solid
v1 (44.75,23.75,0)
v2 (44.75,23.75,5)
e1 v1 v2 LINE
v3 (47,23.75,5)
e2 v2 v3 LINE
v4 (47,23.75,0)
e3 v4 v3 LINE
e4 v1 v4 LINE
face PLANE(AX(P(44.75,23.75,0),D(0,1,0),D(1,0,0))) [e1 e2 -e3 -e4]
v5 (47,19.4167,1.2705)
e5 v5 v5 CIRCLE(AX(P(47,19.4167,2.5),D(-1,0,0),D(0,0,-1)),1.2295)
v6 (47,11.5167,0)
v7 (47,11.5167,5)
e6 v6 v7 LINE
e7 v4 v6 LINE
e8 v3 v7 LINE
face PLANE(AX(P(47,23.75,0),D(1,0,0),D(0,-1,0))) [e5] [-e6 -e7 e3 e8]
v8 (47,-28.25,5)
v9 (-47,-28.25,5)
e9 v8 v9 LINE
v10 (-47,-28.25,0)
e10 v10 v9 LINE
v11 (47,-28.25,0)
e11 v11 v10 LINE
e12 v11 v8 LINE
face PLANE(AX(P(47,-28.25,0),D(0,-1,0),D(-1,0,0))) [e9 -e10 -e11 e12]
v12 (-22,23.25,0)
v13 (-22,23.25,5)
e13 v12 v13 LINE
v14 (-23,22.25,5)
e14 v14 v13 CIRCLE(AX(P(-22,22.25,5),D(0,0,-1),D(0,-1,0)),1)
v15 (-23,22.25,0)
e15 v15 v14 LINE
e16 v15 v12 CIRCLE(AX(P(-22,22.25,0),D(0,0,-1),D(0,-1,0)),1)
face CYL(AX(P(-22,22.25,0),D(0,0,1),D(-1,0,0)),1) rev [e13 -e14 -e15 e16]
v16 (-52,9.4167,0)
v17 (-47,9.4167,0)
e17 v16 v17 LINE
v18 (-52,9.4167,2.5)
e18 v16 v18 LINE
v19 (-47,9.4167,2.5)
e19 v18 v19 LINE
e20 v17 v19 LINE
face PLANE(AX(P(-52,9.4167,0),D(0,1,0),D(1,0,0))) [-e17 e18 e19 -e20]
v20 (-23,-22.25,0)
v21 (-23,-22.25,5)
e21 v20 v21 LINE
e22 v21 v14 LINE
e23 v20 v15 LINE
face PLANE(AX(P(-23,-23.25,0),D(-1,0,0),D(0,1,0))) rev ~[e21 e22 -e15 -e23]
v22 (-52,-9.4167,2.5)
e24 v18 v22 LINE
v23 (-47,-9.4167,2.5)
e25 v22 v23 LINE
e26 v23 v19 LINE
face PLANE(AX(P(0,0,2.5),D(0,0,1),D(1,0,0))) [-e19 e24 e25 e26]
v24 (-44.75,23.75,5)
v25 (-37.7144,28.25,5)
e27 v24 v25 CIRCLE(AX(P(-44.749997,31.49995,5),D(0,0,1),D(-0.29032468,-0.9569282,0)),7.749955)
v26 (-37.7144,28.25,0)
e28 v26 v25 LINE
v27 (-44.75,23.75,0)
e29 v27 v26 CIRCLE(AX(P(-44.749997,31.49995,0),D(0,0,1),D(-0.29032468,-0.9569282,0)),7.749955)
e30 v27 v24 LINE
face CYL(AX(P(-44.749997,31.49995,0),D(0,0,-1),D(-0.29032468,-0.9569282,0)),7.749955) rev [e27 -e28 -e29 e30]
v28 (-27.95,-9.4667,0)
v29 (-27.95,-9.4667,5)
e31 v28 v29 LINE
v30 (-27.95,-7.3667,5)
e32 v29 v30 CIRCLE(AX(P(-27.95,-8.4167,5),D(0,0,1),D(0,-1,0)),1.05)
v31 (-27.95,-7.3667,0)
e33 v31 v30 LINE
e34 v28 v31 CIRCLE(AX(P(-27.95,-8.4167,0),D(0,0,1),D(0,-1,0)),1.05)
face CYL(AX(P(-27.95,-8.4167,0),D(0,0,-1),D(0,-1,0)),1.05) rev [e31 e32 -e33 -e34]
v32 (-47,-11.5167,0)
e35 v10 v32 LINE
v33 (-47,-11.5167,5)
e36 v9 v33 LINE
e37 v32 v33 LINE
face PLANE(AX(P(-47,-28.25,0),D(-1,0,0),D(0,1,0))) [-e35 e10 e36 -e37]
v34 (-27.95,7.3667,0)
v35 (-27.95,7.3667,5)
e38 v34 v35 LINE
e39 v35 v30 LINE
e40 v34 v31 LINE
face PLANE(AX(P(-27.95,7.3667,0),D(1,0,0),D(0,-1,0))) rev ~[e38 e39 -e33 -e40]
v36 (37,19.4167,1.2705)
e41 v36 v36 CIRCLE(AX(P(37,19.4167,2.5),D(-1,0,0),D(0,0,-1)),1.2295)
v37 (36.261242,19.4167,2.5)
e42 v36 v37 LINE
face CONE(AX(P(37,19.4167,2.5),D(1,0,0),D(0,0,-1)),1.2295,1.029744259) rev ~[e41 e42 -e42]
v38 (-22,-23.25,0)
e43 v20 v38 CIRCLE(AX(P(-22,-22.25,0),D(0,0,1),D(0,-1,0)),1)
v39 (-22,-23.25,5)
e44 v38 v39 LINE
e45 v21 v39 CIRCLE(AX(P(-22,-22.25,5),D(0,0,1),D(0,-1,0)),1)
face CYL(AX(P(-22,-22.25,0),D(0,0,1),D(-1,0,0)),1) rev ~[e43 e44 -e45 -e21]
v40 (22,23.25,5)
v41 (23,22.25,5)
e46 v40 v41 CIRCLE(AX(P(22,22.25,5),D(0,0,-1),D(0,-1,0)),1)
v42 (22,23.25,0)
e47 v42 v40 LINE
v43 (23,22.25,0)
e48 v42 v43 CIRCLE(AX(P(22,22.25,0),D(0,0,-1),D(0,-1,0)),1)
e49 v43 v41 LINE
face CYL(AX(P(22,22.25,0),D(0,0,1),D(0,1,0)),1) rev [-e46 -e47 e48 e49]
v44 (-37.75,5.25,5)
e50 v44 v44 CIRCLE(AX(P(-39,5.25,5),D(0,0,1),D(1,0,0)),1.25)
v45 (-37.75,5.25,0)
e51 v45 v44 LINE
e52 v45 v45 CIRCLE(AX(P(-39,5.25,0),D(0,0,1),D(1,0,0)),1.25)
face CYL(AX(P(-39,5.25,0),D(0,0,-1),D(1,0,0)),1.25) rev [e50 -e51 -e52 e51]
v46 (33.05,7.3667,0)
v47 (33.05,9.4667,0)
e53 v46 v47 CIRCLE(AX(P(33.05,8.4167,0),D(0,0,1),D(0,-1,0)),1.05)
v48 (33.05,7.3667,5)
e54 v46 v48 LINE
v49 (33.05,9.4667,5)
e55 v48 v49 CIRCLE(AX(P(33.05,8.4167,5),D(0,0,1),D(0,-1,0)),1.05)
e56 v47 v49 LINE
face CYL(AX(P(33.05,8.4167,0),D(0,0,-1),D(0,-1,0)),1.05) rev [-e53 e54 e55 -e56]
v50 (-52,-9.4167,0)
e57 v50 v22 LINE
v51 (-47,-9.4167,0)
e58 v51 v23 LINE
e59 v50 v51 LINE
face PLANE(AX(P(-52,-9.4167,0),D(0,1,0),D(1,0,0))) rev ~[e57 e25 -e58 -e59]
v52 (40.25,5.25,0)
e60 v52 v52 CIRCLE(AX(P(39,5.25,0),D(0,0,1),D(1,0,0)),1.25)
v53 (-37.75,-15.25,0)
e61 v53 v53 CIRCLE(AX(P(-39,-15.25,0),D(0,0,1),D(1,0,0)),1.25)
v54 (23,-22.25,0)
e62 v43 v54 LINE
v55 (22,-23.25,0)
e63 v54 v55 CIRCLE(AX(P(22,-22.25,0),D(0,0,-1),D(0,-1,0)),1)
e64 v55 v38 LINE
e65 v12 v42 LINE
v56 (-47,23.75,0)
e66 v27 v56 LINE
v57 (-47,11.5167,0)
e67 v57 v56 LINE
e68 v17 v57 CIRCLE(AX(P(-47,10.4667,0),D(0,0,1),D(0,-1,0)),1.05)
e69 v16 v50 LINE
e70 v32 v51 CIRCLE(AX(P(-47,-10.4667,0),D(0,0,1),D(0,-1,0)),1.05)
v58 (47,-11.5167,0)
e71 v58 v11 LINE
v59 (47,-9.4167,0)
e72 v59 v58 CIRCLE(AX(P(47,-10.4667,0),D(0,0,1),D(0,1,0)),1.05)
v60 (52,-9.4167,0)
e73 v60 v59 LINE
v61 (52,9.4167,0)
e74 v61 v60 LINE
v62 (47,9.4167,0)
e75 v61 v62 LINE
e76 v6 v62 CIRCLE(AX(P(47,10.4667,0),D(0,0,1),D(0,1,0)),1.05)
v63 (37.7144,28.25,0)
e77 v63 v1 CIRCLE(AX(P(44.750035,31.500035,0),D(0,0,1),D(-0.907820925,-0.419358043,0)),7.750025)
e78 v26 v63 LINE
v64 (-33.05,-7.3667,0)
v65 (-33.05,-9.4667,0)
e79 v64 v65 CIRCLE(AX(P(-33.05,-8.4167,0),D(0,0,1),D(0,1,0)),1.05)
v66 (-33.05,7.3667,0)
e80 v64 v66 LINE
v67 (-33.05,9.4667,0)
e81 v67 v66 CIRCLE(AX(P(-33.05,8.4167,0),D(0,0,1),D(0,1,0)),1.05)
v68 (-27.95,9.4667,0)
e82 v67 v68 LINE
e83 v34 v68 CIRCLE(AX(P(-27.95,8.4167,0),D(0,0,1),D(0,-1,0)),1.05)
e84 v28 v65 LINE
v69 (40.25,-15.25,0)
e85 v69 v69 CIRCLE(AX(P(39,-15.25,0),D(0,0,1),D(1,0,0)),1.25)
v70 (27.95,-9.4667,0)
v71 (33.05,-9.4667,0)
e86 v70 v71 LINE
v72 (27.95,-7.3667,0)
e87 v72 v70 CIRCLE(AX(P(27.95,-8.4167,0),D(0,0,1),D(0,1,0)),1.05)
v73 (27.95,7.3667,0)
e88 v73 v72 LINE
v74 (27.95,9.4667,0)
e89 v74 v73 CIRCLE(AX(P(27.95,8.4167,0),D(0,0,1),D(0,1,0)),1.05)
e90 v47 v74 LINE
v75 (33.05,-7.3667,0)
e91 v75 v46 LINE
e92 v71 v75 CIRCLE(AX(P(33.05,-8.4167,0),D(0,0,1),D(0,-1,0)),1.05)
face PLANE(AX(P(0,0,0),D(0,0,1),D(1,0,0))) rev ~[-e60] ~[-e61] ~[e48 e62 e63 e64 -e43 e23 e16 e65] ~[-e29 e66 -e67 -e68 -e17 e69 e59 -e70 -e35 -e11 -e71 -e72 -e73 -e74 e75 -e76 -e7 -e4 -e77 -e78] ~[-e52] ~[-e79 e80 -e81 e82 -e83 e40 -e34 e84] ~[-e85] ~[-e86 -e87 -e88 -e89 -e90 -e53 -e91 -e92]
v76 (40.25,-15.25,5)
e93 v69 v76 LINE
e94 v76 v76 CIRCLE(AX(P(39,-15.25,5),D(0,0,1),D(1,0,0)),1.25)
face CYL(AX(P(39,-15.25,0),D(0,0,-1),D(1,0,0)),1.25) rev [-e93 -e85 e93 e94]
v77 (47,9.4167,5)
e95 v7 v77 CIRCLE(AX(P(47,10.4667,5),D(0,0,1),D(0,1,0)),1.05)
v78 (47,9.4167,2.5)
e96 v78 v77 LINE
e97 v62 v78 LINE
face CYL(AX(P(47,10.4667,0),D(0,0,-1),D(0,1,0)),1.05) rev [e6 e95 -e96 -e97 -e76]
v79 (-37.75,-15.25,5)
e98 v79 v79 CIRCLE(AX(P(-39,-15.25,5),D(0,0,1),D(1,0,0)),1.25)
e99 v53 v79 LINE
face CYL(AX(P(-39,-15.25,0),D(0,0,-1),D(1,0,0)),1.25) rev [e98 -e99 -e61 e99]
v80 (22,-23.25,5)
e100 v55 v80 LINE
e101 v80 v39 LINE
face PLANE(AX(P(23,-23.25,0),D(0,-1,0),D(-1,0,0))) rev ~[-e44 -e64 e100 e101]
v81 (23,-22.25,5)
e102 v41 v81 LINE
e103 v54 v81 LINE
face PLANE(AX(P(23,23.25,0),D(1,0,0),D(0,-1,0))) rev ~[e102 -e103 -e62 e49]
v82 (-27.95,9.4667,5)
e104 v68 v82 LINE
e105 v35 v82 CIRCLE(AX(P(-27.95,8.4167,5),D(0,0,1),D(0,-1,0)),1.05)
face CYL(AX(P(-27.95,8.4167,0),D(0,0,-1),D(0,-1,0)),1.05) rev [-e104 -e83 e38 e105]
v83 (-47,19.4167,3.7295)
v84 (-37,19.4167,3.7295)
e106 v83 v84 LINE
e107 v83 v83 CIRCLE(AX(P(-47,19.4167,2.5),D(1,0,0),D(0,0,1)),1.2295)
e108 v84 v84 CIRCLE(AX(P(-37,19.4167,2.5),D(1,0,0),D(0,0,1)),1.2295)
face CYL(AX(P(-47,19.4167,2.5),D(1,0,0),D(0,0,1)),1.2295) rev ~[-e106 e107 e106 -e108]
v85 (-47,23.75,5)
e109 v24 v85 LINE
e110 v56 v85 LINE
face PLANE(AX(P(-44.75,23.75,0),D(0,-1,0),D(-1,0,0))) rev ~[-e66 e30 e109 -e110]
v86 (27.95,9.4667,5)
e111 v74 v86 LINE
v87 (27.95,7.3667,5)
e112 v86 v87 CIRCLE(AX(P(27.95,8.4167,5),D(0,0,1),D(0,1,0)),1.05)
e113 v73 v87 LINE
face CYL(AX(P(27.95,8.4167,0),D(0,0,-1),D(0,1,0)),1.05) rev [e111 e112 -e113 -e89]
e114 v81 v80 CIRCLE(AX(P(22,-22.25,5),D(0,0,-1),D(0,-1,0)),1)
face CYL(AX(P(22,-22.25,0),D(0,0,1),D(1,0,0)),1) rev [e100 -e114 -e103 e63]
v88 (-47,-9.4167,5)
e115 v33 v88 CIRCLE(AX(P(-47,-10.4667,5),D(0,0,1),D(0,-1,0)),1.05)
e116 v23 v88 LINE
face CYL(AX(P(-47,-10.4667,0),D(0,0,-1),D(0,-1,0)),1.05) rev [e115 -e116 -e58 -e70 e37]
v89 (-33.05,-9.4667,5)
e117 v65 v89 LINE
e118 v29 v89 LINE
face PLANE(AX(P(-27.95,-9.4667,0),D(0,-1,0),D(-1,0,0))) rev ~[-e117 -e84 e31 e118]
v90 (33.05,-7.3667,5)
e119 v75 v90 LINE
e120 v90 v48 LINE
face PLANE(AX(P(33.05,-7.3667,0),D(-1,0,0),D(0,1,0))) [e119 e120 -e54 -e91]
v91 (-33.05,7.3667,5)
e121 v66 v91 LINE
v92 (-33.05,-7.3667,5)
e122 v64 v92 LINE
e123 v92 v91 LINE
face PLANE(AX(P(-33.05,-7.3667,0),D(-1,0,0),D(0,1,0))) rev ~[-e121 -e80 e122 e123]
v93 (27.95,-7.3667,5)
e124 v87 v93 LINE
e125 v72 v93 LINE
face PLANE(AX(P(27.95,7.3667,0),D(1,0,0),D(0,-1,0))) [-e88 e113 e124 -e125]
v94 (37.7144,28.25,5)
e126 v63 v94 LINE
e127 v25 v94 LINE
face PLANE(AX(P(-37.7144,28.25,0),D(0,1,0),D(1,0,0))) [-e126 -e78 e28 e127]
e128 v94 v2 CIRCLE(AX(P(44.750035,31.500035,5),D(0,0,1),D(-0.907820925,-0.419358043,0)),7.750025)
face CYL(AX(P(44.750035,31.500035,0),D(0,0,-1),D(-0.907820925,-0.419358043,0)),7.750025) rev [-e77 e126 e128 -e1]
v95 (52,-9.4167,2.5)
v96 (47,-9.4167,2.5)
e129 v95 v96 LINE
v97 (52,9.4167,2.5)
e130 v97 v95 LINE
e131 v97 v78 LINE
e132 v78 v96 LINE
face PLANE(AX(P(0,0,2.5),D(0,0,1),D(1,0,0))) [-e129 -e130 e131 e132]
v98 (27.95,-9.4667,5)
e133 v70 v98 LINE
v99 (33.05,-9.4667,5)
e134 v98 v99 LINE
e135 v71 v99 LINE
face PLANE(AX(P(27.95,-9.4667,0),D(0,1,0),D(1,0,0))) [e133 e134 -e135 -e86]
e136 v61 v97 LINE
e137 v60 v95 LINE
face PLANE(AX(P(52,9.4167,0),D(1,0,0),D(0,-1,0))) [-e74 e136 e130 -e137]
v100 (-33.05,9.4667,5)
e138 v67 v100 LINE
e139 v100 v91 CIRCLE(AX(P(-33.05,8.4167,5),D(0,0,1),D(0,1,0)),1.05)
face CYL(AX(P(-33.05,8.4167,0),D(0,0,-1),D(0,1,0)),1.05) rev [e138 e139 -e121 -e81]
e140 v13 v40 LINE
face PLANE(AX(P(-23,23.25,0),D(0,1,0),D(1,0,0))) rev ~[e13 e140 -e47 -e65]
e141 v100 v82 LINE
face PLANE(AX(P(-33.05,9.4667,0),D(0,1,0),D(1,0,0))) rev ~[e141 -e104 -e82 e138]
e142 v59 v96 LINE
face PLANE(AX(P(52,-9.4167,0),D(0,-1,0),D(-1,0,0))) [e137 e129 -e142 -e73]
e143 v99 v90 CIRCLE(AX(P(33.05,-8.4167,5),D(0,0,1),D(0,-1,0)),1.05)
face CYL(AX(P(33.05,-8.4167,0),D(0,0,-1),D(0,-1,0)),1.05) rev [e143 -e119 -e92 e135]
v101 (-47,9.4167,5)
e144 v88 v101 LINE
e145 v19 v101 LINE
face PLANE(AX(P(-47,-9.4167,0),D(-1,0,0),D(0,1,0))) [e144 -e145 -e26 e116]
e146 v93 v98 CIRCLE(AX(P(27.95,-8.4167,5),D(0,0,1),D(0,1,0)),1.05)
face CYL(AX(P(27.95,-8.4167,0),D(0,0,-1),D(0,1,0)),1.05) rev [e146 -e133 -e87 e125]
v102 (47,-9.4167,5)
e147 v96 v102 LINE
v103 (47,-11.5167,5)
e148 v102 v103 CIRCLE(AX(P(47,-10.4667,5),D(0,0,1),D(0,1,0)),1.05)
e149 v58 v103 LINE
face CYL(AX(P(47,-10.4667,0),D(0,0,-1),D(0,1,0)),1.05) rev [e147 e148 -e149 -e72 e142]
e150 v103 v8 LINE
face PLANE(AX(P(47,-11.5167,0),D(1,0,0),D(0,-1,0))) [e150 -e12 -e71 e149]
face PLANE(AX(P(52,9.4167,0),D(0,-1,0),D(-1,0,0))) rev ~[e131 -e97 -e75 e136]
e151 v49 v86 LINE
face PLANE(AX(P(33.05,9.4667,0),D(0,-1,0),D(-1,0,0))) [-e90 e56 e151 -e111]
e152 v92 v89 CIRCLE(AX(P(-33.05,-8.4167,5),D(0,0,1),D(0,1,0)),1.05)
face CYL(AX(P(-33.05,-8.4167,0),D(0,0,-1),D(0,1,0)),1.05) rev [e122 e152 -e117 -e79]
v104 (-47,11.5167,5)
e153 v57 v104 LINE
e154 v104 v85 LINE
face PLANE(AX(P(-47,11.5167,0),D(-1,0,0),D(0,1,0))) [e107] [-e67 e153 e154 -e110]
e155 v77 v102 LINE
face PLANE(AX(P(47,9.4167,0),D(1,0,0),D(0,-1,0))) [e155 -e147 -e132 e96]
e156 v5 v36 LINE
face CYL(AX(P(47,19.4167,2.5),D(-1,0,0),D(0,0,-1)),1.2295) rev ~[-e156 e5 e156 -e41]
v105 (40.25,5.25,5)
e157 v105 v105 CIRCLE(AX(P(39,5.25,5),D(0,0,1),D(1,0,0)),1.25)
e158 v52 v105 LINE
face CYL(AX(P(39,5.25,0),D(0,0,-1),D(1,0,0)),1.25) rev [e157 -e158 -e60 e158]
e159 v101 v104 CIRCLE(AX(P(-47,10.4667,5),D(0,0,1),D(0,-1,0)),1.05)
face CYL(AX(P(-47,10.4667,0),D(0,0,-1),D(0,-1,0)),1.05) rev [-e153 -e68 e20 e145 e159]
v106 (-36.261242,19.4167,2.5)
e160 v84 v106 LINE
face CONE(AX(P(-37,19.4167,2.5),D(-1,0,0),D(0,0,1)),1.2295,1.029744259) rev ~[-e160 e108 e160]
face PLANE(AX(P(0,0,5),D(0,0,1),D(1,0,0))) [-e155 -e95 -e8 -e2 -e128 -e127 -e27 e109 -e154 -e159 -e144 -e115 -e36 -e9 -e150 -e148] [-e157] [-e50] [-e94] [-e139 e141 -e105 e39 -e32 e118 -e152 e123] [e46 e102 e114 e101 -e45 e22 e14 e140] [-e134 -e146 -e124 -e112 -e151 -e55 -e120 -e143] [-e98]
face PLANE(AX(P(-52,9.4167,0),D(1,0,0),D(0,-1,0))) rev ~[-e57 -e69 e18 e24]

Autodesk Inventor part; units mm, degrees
ref_plane "YZ Plane" through (0, 0, 0) normal (1, 0, 0) x (0, 1, 0)
ref_plane "XZ Plane" through (0, 0, 0) normal (0, 1, 0) x (-1, 0, 0)
ref_plane "XY Plane" through (0, 0, 0) normal (0, 0, 1) x (1, 0, 0)
sketch "スケッチ1" plane through (0, 0, 0) normal (0, 0, 1) x (1, 0, 0)
  line L0 (-47, 28.25) -> (-37.7144, 28.25)
  line L1 (47, 28.25) -> (47, 23.75)
  line L2 (47, -28.25) -> (-47, -28.25)
  line L3 (-47, -28.25) -> (-47, -11.5167)
  line L4 (-47, 28.25) -> (47, -28.25) construction
  line L5 (47, 28.25) -> (-47, -28.25) construction
  line L6 (0, 28.25) -> (0, -28.25) construction
  line L7 (-33, 9.4167) -> (-28, 9.4167) construction
  line L8 (-28, 9.4167) -> (-28, -9.4167) construction
  line L9 (-28, -9.4167) -> (-33, -9.4167) construction
  line L10 (-33, -9.4167) -> (-33, 9.4167) construction
  line L11 (-33, 9.4167) -> (-28, -9.4167) construction
  line L12 (-28, 9.4167) -> (-33, -9.4167) construction
  line L13 (-33.05, 9.4667) -> (-27.95, 9.4667)
  line L14 (-27.95, 9.4667) -> (-27.95, 7.3667) construction
  line L15 (-27.95, -9.4667) -> (-33.05, -9.4667)
  line L16 (-33.05, -9.4667) -> (-33.05, -7.3667) construction
  line L17 (-33.05, 9.4667) -> (-27.95, -9.4667) construction
  line L18 (-27.95, 9.4667) -> (-33.05, -9.4667) construction
  arc A0 (-33.05, 9.4667) -> (-33.05, 7.3667) centre (-33.05, 8.4167) ccw
  line L19 (-30.5, 9.4667) -> (-30.5, -9.4667) construction
  arc A1 (-27.95, 7.3667) -> (-27.95, 9.4667) centre (-27.95, 8.4167) ccw
  line L20 (-33.05, 7.3667) -> (-33.05, 9.4667) construction
  line L21 (-27.95, 7.3667) -> (-27.95, -7.3667)
  line L22 (-33.05, -7.3667) -> (-33.05, 7.3667)
  line L23 (-27.95, -7.3667) -> (-27.95, -9.4667) construction
  line L24 (33, 9.4167) -> (28, 9.4167) construction
  line L25 (28, 9.4167) -> (28, -9.4167) construction
  line L26 (28, -9.4167) -> (33, -9.4167) construction
  line L27 (33, -9.4167) -> (33, 9.4167) construction
  line L28 (33, 9.4167) -> (28, -9.4167) construction
  line L29 (28, 9.4167) -> (33, -9.4167) construction
  line L30 (33.05, 9.4667) -> (27.95, 9.4667)
  line L31 (27.95, 9.4667) -> (27.95, 7.3667) construction
  line L32 (27.95, -9.4667) -> (33.05, -9.4667)
  line L33 (33.05, -9.4667) -> (33.05, -7.3667) construction
  line L34 (33.05, 9.4667) -> (27.95, -9.4667) construction
  line L35 (27.95, 9.4667) -> (33.05, -9.4667) construction
  arc A2 (33.05, 7.3667) -> (33.05, 9.4667) centre (33.05, 8.4167) ccw
  line L36 (30.5, 9.4667) -> (30.5, -9.4667) construction
  arc A3 (27.95, 9.4667) -> (27.95, 7.3667) centre (27.95, 8.4167) ccw
  line L37 (33.05, 7.3667) -> (33.05, 9.4667) construction
  line L38 (27.95, 7.3667) -> (27.95, -7.3667)
  line L39 (33.05, -7.3667) -> (33.05, 7.3667)
  line L40 (27.95, -7.3667) -> (27.95, -9.4667) construction
  line L41 (-52, 9.4167) -> (-52, -9.4167)
  line L42 (-52, 9.4167) -> (-47, 9.4167)
  arc A4 (-47, 9.4167) -> (-47, 11.5167) centre (-47, 10.4667) ccw
  line L43 (-47, 11.5167) -> (-47, 23.75)
  line L44 (-47, -11.5167) -> (-47, 11.5167)
  line L45 (52, 9.4167) -> (52, -9.4167)
  line L46 (52, 9.4167) -> (47, 9.4167)
  arc A5 (47, 11.5167) -> (47, 9.4167) centre (47, 10.4667) ccw
  line L47 (47, 11.5167) -> (47, -11.5167)
  line L48 (47, -11.5167) -> (47, -28.25)
  line L49 (-52, 0) -> (52, 0) construction
  line L50 (-52, -9.4167) -> (-47, -9.4167)
  arc A6 (-47, -11.5167) -> (-47, -9.4167) centre (-47, -10.4667) ccw
  arc A7 (47, -9.4167) -> (47, -11.5167) centre (47, -10.4667) ccw
  line L51 (52, -9.4167) -> (47, -9.4167)
  line L52 (-33.05, 0) -> (-27.95, 0) construction
  arc A8 (-33.05, -7.3667) -> (-33.05, -9.4667) centre (-33.05, -8.4167) ccw
  arc A9 (-27.95, -9.4667) -> (-27.95, -7.3667) centre (-27.95, -8.4167) ccw
  arc A10 (27.95, -7.3667) -> (27.95, -9.4667) centre (27.95, -8.4167) ccw
  arc A11 (33.05, -9.4667) -> (33.05, -7.3667) centre (33.05, -8.4167) ccw
  arc A12 (-47, 24.0838) -> (-37.7144, 28.25) centre (-44.75, 31.5) ccw
  arc A13 (37.7144, 28.25) -> (47, 24.0838) centre (44.75, 31.5) ccw
  line L53 (-47, 24.0838) -> (-47, 28.25)
  line L54 (-37.7144, 28.25) -> (47, 28.25)
  arc A14 (-37.7144, 28.25) -> (-47, 24.0838) centre (-44.75, 31.5) ccw
  arc A15 (47, 24.0838) -> (37.7144, 28.25) centre (44.75, 31.5) ccw
  line L55 (-44.75, 23.75) -> (-47, 23.75)
  line L56 (44.75, 23.75) -> (47, 23.75)
  line L57 (-47, 23.75) -> (-47, 24.0838)
  line L58 (47, 23.75) -> (47, 11.5167)
  line L59 (-23, 23.25) -> (23, 23.25)
  line L60 (23, 23.25) -> (23, -23.25)
  line L61 (23, -23.25) -> (-23, -23.25)
  line L62 (-23, -23.25) -> (-23, 23.25)
  line L63 (-23, 23.25) -> (23, -23.25) construction
  line L64 (23, 23.25) -> (-23, -23.25) construction
  line L65 (-42, 8.25) -> (42, 8.25) construction
  line L66 (42, 8.25) -> (42, -18.25) construction
  line L67 (42, -18.25) -> (-42, -18.25) construction
  line L68 (-42, -18.25) -> (-42, 8.25) construction
  line L69 (-42, 8.25) -> (42, -18.25) construction
  line L70 (42, 8.25) -> (-42, -18.25) construction
  circle A16 centre (-39, 5.25) radius 1.25
  line L71 (-42, -5) -> (42, -5) construction
  circle A17 centre (-39, -15.25) radius 1.25
  circle A18 centre (39, 5.25) radius 1.25
  circle A19 centre (39, -15.25) radius 1.25
  point P0 (0, 0)
  point P1 (-30.5, 0)
  point P2 (30.5, 0)
  point P3 (0, 0)
  point P4 (-30.5, 0)
  point P5 (-30.5, 0)
  point P6 (0, 0)
  point P7 (0, 0)
  point P8 (47, 9.4167)
  point P9 (47, 9.4167)
  point P10 (0, -5)
  point P11 (0, -5)
  dimension "d0" = 94
  dimension "d1" = 56.5
  dimension "d2" = 5
  dimension "d3" = 18.8333
  dimension "d4" = 1.05
  dimension "d5" = 0.05
  dimension "d6" = 0.05
  dimension "d7" = 56
  dimension "d10" = 1.05
  dimension "d11" = 5
  dimension "d34" = 18.8333
  dimension "d40" = 31.5
  dimension "d41" = 89.5
  dimension "d42" = 15.5
  dimension "d43" = 52
  dimension "d60" = 5
  dimension "d63" = 5
  dimension "d69" = 5
  dimension "d70" = 20
  dimension "d71" = 10
  dimension "d72" = 84
  dimension "d73" = 26.5
  dimension "d78" = 2.5
  dimension "d80" = 3
  dimension "d81" = 3
extrude "押し出し1" add sketch "スケッチ1" along normal blind 5 contours L54 A13 L56 L58 A5 L47 A7 L48 L2 L3 A6 L44 A4 L43 L55 A12
extrude "押し出し2" add sketch "スケッチ1" along normal blind 2.5 contours L44 L50 L41 L42 | L46 L45 L51 L47
sketch "スケッチ2" plane through (47, 11.5167, 0) normal (1, 0, 0) x (0, 0, -1)
  line L0 (0, -23.0333) -> (-5, -23.0333) projected
  line L1 (-2.5, -23.0333) -> (-2.5, -39.7667)
  line L2 (0, -39.7667) -> (-5, -39.7667) projected
  line L3 (0, -2.1) -> (-2.5, -2.1) projected
  line L4 (0, -20.9333) -> (-2.5, -20.9333) projected
  point P0 (0, -11.5167)
  point P1 (-2.5, 7.9)
  dimension "d67" = 10
hole "穴1" at (47, 19.4167, 2.5) direction (-1, 0, 0) diameter 2.459 depth 10 tip angle 118 thread size "M3x0.5" class "6H" standard "ANSI Metric M Profile"
sketch "スケッチ3" plane through (-47, 11.5167, 0) normal (-1, 0, 0) x (0, 0, 1)
  circle A0 centre (2.5, 7.9) radius 1.2295 projected
  circle A1 centre (2.5, -30.9333) radius 1.2295 projected
  point P0 (0, -11.5167)
  point P1 (2.5, 7.9)
hole "穴2" at (-47, 19.4167, 2.5) direction (1, 0, 0) diameter 2.459 depth 10 tip angle 118 thread size "M3x0.5" class "6H" standard "ANSI Metric M Profile"
fillet "フィレット1" radius 1 4 edges at (-23, 23.25, 2.5) (-23, -23.25, 2.5) (23, -23.25, 2.5) (23, 23.25, 2.5)
equation "\"d3\" = d34"
equation "\"d6\" = d5"
equation "\"d10\" = d4"
properties part number "Cockpit_horizontal_frame_04" material "アセタール樹脂、黒"
